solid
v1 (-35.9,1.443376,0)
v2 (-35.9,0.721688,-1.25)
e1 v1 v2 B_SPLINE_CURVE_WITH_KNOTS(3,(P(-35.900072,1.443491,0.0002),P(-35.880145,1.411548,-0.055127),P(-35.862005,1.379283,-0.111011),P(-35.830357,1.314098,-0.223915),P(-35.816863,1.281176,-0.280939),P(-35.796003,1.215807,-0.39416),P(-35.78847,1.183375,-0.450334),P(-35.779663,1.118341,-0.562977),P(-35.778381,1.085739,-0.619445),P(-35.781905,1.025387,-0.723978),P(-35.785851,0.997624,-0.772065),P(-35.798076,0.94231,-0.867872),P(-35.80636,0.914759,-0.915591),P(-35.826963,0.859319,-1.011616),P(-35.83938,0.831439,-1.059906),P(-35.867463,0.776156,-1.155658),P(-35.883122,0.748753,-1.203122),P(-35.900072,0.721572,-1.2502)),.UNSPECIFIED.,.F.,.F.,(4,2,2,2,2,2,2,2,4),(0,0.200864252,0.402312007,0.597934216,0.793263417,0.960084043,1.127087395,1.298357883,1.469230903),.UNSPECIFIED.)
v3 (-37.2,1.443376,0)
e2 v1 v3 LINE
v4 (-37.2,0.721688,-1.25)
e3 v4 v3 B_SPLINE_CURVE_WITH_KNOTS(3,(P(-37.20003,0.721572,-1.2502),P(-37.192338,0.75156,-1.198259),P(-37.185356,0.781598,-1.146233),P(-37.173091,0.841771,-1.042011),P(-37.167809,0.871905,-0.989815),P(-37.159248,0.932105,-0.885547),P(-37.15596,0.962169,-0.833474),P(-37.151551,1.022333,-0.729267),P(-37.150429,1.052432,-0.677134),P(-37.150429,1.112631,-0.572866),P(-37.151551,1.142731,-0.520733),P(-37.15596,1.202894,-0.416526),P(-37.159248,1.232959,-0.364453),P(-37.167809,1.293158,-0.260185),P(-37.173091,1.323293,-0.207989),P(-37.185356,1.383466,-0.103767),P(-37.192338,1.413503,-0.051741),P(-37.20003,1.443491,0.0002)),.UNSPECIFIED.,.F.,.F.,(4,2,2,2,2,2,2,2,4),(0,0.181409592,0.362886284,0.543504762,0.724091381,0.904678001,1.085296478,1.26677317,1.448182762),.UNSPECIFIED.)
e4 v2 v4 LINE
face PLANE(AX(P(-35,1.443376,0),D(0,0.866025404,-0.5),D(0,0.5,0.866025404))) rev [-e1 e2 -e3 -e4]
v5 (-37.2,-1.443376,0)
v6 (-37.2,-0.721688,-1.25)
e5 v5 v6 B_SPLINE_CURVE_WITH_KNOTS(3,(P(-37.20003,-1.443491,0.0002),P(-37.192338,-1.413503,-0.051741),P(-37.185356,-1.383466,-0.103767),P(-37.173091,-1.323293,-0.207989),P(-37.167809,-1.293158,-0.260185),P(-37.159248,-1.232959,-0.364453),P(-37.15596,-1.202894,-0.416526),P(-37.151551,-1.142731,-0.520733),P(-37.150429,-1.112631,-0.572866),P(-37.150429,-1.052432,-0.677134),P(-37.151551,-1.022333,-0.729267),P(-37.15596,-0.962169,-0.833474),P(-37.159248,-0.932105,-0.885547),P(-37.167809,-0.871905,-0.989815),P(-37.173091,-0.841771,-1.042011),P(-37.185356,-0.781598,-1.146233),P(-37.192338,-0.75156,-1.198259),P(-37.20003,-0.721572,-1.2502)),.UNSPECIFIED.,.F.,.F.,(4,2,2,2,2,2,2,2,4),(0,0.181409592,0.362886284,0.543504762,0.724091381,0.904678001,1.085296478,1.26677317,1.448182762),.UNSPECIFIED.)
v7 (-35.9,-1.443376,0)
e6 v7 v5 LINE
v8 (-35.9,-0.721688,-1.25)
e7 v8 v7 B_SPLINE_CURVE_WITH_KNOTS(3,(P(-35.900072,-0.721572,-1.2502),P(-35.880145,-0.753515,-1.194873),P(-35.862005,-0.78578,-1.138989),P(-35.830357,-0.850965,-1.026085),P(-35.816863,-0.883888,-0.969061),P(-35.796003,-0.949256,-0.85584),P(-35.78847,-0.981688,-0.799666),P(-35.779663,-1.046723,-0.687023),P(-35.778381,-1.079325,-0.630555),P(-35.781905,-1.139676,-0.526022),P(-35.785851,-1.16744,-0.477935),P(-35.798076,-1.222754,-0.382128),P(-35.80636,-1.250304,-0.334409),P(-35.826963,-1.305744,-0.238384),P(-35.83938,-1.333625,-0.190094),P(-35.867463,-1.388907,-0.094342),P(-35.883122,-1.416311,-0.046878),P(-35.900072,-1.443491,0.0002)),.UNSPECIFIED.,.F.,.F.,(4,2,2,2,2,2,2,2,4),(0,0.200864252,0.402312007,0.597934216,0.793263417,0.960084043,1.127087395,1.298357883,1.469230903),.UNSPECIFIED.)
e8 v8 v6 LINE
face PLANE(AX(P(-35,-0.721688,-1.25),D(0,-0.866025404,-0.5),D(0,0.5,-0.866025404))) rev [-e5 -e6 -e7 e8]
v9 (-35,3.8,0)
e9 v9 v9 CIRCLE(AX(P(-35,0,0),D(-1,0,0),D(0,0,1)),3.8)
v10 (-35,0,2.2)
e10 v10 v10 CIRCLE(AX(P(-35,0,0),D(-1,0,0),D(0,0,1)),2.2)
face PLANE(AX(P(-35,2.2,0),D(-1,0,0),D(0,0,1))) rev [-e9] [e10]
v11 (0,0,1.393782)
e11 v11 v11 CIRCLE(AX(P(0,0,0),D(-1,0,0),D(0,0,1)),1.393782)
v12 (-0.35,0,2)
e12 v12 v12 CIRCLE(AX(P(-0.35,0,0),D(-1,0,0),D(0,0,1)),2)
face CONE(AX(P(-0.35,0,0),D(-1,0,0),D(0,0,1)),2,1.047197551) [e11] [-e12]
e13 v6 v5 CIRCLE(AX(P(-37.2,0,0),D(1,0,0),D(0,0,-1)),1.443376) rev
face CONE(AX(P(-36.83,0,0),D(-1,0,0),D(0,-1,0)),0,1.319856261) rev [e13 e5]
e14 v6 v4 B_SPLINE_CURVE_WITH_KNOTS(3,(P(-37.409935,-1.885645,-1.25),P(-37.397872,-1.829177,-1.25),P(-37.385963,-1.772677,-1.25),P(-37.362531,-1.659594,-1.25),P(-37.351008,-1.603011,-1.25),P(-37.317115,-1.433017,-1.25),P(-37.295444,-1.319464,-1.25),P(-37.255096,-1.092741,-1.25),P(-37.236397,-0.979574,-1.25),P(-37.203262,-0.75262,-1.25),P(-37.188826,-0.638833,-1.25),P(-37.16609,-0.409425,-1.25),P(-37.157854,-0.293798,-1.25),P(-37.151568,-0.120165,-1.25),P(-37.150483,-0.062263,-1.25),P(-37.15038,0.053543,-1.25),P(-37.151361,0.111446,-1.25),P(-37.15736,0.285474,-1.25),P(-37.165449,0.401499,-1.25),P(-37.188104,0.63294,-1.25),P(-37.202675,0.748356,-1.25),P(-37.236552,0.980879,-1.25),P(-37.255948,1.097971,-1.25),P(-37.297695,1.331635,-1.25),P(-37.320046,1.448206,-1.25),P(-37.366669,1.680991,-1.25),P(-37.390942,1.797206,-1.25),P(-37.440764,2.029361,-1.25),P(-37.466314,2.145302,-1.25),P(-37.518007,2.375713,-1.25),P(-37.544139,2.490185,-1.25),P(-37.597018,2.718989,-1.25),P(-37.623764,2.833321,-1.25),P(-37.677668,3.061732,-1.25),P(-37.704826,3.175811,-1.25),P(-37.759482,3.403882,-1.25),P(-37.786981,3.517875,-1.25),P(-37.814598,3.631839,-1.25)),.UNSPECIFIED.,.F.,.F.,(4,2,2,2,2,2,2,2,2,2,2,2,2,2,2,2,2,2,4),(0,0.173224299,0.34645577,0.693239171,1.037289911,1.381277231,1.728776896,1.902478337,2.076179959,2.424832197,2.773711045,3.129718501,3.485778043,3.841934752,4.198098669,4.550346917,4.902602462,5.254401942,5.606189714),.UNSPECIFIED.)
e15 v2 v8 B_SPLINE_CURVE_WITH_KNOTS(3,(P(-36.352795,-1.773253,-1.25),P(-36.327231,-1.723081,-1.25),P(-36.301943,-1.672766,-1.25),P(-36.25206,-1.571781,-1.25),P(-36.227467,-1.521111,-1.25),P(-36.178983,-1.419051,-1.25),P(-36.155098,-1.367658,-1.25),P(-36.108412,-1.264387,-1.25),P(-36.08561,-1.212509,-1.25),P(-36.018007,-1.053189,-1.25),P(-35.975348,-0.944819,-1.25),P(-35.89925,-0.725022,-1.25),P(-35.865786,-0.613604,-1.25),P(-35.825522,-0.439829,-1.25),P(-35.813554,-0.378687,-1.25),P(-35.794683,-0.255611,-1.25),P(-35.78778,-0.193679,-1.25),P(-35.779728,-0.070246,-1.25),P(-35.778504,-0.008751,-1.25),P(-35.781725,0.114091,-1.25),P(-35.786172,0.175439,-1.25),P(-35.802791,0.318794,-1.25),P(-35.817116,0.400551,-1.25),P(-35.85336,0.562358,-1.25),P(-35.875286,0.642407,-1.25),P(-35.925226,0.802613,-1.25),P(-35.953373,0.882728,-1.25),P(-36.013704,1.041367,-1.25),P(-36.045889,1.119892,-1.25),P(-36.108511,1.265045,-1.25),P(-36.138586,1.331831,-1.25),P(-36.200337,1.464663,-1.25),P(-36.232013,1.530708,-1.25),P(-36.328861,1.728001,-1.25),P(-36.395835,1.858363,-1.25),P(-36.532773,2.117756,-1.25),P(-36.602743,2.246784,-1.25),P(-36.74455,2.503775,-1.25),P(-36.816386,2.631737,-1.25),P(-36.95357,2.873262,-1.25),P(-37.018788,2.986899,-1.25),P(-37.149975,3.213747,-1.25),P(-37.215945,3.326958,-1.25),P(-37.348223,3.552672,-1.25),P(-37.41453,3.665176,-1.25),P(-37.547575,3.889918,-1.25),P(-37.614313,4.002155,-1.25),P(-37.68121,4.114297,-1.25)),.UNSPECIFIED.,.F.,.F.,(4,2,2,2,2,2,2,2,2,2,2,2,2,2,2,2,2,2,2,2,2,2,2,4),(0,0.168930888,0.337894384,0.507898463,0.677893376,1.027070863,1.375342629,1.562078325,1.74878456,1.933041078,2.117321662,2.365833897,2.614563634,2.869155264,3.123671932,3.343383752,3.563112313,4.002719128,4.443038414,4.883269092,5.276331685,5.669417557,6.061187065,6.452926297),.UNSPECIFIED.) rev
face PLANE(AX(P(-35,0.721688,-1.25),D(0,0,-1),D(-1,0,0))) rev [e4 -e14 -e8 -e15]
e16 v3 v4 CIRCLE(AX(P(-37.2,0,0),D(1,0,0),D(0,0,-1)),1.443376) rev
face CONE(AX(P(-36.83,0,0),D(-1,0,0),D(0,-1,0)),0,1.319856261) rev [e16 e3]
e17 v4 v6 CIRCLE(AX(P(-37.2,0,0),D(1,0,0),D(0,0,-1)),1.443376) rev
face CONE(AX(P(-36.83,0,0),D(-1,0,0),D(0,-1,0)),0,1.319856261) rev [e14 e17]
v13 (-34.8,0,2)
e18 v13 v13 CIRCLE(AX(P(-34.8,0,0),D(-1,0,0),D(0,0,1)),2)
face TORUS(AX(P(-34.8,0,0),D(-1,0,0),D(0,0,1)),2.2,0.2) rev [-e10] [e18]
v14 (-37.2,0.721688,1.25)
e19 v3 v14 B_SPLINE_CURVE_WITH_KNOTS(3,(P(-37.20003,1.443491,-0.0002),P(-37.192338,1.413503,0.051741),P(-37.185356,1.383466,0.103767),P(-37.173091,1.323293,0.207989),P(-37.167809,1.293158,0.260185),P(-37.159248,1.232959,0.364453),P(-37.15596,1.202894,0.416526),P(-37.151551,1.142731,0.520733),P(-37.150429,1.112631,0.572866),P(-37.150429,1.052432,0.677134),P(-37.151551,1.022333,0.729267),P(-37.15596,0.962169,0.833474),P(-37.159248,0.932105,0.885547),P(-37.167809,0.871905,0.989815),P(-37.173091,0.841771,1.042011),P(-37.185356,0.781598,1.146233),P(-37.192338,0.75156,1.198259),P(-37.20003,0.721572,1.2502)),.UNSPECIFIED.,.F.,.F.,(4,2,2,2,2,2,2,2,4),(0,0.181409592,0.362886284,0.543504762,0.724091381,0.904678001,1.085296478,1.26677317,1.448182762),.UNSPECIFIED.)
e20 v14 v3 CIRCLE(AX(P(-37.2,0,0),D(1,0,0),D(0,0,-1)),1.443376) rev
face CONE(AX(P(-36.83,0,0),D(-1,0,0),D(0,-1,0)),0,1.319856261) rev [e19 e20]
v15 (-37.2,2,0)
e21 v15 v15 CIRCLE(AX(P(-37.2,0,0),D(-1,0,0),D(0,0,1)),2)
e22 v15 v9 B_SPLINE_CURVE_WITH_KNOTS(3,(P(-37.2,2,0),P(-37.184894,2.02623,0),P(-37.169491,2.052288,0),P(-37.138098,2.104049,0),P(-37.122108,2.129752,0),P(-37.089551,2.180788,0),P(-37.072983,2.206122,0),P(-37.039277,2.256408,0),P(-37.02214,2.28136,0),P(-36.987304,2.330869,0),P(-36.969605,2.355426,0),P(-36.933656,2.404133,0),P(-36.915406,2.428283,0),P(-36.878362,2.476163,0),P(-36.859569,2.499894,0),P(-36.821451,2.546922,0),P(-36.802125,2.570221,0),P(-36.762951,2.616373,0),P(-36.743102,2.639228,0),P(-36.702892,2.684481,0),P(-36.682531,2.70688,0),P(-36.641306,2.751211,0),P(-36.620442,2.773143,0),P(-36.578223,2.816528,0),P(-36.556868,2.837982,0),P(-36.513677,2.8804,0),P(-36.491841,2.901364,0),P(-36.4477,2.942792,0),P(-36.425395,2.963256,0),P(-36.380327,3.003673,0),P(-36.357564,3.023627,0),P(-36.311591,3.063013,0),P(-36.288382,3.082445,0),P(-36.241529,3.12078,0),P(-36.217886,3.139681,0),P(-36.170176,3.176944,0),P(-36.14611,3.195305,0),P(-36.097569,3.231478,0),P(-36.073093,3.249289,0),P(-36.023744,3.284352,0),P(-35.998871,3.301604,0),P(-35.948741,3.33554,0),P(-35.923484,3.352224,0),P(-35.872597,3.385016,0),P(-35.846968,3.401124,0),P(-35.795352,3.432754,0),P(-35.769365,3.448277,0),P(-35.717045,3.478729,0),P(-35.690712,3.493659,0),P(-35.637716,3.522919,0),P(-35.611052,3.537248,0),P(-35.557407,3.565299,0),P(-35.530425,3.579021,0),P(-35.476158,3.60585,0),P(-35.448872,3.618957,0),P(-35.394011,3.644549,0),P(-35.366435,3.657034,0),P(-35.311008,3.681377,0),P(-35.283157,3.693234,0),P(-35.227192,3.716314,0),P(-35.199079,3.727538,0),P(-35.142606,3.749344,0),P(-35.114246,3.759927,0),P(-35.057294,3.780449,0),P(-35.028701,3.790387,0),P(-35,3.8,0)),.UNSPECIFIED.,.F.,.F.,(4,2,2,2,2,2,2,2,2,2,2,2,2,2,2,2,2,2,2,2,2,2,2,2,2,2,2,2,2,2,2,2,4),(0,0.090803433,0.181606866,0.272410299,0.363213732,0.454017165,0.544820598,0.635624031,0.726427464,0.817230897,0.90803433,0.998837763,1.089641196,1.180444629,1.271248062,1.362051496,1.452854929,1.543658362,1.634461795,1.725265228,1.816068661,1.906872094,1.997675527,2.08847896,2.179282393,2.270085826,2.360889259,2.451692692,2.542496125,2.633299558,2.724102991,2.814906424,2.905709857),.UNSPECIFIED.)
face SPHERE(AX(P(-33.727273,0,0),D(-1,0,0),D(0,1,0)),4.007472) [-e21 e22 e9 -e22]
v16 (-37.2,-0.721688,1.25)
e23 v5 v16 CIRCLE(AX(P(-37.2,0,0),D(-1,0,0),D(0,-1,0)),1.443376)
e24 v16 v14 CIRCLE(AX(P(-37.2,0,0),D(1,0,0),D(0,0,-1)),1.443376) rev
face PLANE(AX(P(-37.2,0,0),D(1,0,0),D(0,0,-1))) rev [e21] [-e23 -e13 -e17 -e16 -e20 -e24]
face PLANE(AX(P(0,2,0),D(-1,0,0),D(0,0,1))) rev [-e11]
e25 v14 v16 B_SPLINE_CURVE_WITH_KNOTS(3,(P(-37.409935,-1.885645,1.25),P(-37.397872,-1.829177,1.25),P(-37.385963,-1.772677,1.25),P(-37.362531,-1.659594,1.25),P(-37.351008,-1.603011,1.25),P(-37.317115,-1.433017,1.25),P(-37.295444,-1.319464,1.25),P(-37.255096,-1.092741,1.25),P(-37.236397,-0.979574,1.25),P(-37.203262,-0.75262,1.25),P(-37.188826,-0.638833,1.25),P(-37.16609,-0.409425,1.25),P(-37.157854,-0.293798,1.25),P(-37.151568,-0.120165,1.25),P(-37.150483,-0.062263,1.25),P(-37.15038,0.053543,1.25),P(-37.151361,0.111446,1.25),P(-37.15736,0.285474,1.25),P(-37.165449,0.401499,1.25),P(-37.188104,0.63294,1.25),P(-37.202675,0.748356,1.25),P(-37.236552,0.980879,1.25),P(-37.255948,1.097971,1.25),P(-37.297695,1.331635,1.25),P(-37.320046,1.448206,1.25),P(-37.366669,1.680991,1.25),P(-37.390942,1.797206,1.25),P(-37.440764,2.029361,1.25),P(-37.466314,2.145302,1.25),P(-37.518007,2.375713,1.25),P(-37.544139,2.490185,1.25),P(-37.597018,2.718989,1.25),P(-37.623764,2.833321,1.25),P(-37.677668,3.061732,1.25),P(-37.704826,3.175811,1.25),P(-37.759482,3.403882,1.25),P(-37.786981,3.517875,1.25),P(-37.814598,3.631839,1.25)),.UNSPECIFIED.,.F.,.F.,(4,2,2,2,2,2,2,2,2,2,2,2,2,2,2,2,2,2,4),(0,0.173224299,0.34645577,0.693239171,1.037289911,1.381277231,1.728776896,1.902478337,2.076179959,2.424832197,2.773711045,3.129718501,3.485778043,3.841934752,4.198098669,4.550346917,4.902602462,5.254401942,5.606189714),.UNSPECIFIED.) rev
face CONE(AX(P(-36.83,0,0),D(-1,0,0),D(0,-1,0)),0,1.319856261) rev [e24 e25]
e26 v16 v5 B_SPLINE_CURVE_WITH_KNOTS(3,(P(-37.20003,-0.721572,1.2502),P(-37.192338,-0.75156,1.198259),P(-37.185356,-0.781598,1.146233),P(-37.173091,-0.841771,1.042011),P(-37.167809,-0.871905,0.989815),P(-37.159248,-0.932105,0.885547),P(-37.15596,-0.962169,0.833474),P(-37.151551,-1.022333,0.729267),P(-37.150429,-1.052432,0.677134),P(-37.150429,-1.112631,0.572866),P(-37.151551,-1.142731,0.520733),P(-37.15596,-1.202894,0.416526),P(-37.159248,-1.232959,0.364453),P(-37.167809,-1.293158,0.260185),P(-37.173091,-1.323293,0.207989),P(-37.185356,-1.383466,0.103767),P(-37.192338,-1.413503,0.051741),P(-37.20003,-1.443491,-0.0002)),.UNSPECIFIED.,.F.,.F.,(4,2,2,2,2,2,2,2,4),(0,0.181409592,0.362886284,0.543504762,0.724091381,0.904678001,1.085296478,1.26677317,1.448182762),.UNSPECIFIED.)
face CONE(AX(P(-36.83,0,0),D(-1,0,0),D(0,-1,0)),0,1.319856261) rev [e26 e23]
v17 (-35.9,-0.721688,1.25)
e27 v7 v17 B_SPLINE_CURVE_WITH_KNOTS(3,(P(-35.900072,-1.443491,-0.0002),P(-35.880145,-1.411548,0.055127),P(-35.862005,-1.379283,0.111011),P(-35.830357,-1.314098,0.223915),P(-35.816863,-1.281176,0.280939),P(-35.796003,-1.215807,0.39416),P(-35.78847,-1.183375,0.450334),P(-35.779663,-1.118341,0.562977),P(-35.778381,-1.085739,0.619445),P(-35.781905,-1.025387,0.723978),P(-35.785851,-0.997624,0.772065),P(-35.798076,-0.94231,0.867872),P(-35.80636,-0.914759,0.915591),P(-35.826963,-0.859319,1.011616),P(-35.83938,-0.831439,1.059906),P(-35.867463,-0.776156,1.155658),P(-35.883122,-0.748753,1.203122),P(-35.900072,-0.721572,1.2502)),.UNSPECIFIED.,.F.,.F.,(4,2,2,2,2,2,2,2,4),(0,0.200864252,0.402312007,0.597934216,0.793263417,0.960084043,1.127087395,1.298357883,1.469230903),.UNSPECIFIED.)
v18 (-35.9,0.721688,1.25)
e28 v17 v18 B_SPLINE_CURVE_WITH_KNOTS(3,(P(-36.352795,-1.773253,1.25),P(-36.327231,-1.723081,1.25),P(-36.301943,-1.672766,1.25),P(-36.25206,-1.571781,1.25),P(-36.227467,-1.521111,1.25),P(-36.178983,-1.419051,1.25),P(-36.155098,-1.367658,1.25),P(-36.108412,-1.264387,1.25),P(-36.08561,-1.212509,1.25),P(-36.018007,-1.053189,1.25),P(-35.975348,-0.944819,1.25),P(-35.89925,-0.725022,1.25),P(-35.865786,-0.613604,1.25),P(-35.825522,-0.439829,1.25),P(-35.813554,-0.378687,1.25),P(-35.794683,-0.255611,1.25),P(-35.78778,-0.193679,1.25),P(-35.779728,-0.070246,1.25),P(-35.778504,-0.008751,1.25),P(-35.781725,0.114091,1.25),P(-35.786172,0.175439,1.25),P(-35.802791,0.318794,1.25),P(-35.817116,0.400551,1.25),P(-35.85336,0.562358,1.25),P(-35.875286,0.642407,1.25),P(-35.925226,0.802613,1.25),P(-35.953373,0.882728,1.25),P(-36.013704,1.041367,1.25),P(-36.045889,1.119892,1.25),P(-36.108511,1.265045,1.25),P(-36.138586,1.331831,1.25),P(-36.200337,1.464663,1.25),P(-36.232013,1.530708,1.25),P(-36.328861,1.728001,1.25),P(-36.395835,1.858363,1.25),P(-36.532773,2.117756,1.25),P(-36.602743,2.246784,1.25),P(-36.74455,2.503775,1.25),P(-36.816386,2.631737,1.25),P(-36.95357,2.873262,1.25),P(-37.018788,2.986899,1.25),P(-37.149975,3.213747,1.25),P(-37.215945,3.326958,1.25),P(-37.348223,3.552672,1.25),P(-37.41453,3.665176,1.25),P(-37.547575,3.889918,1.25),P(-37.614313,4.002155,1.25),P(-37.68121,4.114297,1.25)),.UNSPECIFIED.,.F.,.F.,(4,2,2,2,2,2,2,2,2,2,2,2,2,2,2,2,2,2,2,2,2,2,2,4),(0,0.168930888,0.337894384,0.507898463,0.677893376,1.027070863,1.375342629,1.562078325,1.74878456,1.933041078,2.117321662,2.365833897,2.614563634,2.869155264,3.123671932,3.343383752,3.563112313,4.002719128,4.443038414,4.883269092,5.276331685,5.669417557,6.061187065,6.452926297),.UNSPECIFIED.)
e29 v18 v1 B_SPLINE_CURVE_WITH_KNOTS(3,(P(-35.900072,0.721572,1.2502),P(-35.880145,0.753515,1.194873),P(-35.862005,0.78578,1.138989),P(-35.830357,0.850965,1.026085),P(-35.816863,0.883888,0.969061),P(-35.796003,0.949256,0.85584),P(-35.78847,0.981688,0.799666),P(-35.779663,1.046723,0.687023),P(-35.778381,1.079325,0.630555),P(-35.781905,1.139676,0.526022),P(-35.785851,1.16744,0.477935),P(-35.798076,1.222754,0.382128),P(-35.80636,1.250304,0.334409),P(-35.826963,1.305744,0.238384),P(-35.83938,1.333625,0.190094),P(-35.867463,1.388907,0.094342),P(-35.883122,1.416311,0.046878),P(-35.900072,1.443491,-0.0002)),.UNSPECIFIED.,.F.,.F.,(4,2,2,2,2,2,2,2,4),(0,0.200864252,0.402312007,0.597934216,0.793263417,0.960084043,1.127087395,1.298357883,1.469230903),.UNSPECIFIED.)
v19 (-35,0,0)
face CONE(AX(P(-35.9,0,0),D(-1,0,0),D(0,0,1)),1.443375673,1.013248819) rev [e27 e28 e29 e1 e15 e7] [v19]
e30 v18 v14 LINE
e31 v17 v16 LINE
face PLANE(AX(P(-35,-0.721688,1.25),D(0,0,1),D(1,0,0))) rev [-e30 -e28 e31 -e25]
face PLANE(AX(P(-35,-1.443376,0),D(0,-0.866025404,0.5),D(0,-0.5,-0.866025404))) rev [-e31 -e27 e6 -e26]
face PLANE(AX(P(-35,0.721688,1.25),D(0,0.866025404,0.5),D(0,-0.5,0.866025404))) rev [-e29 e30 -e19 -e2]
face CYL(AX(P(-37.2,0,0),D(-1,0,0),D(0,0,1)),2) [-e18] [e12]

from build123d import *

# Parameters (mm, degrees)
CUT_EXTRUDE_1_DEPTH = 2.2


with BuildPart() as part:
    # 草图1 → 旋转1 (revolve)
    with BuildSketch(Plane.XY):
        with BuildLine():
            Line((0, 2), (-34.8, 2))
            ThreePointArc((-34.8, 2), (-34.941421356, 2.058578644), (-35, 2.2))
            Line((-35, 2.2), (-35, 3.8))
            ThreePointArc((-35, 3.8), (-36.264955669, 3.101612484), (-37.2, 2))
            Line((-37.2, 2), (-37.2, 0))
            Line((-37.2, 0), (0, 0))
            Line((0, 0), (0, 2))
        make_face()
    revolve(axis=Axis((-37.2, 0, 0), (1, 0, 0)))

    # 草图2 → 切除-拉伸1 (cut)
    with BuildSketch(Plane.ZY.offset(37.2)):
        Polygon((0, 1.443375673), (-1.25, 0.721687836), (-1.25, -0.721687836), (0, -1.443375673), (1.25, -0.721687836), (1.25, 0.721687836), align=None)
    extrude(amount=-CUT_EXTRUDE_1_DEPTH, mode=Mode.SUBTRACT)

    # 草图6 → 旋转2 (revolve)
    with BuildSketch(Plane.XY):
        Polygon((-35.9, 1.443375673), (-35, 0), (-34.63, 0), (-34.63, 1.443375673), align=None)
    revolve(axis=Axis((-37.2, 0, 0), (1, 0, 0)))

    # 草图7 → 切除-旋转5 (revolve, cut)
    with BuildSketch(Plane.XY):
        Polygon((-37.2, 1.443375673), (-36.83, 0), (-37.2, 0), align=None)
    revolve(axis=Axis((-37.2, 0, 0), (1, 0, 0)), mode=Mode.SUBTRACT)

    # 草图4 → 切除-旋转1 (revolve, cut)
    with BuildSketch(Plane.XY):
        Polygon((-0.35, 2), (0, 1.393782217), (0.35, 2), align=None)
    revolve(axis=Axis((-0.35, 0, 0), (1, 0, 0)), mode=Mode.SUBTRACT)


solid = part.part
